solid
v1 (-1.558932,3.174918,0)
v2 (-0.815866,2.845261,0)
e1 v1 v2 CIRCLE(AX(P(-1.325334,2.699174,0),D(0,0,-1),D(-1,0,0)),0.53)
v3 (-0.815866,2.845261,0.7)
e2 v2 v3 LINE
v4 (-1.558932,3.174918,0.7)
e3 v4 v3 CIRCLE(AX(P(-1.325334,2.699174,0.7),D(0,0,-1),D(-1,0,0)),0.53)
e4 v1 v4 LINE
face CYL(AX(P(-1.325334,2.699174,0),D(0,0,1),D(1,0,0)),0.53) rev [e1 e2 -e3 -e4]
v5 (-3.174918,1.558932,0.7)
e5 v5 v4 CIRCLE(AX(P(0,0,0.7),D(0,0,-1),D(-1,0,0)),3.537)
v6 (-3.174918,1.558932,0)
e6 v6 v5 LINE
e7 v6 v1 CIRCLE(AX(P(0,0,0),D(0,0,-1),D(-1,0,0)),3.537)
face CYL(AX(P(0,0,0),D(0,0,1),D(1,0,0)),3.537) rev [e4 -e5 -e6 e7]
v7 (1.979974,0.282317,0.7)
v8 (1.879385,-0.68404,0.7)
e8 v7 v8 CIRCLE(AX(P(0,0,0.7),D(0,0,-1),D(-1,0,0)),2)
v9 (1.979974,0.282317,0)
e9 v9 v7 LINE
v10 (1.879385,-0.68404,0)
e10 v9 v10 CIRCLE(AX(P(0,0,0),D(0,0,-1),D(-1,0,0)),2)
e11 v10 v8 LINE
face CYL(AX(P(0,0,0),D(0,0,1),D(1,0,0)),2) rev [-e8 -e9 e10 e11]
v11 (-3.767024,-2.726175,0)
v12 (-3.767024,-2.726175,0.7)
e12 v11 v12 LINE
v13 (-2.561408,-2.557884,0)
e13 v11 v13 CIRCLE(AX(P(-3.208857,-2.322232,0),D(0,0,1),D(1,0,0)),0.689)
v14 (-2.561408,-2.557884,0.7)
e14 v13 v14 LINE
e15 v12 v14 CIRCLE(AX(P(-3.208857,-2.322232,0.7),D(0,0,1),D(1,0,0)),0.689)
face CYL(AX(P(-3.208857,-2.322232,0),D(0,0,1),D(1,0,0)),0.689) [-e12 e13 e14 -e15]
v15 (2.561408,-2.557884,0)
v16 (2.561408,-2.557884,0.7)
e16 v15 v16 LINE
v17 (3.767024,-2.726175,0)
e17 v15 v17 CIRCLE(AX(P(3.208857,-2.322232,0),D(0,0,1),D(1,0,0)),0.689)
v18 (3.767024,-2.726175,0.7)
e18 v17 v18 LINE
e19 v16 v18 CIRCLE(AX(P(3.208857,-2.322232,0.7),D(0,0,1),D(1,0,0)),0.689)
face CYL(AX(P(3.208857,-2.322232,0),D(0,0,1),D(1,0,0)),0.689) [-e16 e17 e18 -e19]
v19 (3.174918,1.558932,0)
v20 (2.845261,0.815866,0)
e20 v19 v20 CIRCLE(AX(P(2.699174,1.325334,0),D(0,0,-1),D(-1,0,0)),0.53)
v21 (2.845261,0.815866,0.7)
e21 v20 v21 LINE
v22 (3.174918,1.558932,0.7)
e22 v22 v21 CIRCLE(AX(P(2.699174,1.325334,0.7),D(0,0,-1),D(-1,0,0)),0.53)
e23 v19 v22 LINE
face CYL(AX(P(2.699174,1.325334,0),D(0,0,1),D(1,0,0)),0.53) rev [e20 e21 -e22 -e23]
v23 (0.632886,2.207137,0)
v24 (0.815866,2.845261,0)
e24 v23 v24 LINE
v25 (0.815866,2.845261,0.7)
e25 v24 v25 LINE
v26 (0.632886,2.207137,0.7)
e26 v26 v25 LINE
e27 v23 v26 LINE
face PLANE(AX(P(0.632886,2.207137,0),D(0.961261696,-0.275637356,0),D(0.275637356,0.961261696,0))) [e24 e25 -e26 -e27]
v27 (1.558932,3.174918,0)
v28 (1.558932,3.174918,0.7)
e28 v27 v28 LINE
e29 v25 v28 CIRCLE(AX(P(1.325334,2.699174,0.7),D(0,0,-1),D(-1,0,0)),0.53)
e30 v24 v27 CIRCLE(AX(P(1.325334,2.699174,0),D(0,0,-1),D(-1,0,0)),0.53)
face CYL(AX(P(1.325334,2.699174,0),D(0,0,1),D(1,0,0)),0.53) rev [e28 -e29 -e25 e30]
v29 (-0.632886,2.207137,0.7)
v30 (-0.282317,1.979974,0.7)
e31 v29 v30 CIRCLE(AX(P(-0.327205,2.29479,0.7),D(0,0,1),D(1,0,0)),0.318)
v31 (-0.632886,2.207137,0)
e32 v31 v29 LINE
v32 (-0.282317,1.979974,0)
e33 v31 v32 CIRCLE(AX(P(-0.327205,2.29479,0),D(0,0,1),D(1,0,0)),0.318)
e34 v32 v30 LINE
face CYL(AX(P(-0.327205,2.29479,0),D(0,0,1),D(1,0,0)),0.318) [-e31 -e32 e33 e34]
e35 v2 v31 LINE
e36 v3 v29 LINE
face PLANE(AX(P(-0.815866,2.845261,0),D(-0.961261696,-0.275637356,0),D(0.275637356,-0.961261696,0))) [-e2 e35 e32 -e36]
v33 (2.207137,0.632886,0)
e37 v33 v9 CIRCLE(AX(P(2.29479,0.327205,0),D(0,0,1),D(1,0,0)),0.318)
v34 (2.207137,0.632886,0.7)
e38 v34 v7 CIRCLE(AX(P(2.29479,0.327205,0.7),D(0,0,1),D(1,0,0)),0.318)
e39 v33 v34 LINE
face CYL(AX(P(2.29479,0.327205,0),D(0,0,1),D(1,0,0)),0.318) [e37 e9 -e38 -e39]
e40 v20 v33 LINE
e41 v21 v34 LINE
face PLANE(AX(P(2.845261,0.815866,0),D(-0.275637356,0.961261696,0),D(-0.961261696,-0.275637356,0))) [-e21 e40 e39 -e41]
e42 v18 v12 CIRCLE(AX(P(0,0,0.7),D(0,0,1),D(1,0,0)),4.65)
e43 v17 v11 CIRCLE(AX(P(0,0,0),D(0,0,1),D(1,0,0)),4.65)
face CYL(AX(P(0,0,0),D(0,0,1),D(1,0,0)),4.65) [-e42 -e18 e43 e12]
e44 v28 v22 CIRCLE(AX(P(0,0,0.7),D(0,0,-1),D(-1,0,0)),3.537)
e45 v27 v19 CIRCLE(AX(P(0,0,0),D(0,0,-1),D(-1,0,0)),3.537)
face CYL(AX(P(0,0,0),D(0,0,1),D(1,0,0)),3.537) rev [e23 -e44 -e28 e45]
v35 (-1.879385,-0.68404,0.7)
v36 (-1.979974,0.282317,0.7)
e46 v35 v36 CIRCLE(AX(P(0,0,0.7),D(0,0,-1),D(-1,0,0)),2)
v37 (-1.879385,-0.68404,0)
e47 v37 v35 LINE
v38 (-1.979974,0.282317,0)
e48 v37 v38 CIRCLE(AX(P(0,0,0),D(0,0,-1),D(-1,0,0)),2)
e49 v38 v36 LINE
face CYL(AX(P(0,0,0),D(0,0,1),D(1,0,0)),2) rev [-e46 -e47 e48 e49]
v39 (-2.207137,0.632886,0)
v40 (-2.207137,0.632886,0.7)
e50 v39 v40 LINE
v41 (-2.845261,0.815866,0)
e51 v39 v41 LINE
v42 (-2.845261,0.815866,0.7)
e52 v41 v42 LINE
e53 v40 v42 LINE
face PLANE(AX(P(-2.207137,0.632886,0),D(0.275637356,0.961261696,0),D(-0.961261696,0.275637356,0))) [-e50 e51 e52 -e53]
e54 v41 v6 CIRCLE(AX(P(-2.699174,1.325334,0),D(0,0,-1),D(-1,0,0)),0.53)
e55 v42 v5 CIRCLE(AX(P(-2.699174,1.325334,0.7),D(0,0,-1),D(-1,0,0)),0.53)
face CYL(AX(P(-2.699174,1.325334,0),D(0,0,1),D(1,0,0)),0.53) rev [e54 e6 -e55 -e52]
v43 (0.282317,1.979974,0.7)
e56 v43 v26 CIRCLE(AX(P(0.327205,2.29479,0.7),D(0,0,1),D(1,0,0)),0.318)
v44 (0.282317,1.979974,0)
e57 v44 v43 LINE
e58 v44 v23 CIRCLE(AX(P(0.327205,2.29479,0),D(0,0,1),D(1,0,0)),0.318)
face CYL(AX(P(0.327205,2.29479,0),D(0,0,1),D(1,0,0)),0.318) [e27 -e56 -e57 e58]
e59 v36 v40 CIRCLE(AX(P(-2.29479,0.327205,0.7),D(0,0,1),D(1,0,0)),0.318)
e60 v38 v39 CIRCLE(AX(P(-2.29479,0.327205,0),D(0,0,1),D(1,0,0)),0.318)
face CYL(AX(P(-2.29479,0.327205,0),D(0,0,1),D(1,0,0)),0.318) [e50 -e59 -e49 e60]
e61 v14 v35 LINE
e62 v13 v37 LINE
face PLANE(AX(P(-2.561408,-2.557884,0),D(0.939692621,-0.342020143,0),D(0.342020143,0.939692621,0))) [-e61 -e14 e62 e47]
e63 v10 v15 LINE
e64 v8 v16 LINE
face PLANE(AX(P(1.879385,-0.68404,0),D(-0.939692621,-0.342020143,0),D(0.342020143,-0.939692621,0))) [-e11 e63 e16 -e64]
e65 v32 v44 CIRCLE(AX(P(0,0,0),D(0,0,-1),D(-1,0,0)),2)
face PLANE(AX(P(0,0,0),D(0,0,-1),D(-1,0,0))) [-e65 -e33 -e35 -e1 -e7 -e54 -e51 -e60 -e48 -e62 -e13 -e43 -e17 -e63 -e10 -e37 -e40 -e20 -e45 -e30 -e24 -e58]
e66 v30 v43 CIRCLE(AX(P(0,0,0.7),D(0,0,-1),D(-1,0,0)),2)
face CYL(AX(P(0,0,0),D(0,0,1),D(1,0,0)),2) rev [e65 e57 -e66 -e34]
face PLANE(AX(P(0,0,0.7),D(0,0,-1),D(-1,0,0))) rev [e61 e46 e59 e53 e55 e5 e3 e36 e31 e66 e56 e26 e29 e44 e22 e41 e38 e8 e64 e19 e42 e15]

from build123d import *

# Parameters (mm, degrees)
BOSS_EXTRU_1_DEPTH = 0.7


with BuildPart() as part:
    # Esquisse1 → Boss.-Extru.1 (new body)
    with BuildSketch(Plane.XY.offset(0.7)):
        with BuildLine():
            Line((0.632886418, 2.207137237), (0.815865574, 2.845261388))
            ThreePointArc((0.815865574, 2.845261388), (1.110405111, 3.18363768), (1.558931601, 3.174917521))
            ThreePointArc((1.558931601, 3.174917521), (2.501036685, 2.501036685), (3.174917521, 1.558931601))
            ThreePointArc((3.174917521, 1.558931601), (3.18363768, 1.110405111), (2.845261388, 0.815865574))
            Line((2.845261388, 0.815865574), (2.207137237, 0.632886418))
            ThreePointArc((2.207137237, 0.632886418), (2.027919172, 0.500132947), (1.979974043, 0.282316824))
            ThreePointArc((1.979974043, 0.282316824), (1.989252382, -0.2070627), (1.879385242, -0.684040287))
            Line((1.879385242, -0.684040287), (2.561408424, -2.557883579))
            ThreePointArc((2.561408424, -2.557883579), (3.113603209, -3.004615598), (3.76702433, -2.726174553))
            ThreePointArc((3.76702433, -2.726174553), (0, 4.65), (-3.76702433, -2.726174553))
            ThreePointArc((-3.76702433, -2.726174553), (-3.113603209, -3.004615598), (-2.561408424, -2.557883579))
            Line((-2.561408424, -2.557883579), (-1.879385242, -0.684040287))
            ThreePointArc((-1.879385242, -0.684040287), (-1.989252382, -0.2070627), (-1.979974043, 0.282316824))
            ThreePointArc((-1.979974043, 0.282316824), (-2.027919172, 0.500132947), (-2.207137237, 0.632886418))
            Line((-2.207137237, 0.632886418), (-2.845261388, 0.815865574))
            ThreePointArc((-2.845261388, 0.815865574), (-3.18363768, 1.110405111), (-3.174917521, 1.558931601))
            ThreePointArc((-3.174917521, 1.558931601), (-2.501036685, 2.501036685), (-1.558931601, 3.174917521))
            ThreePointArc((-1.558931601, 3.174917521), (-1.110405111, 3.18363768), (-0.815865574, 2.845261388))
            Line((-0.815865574, 2.845261388), (-0.632886418, 2.207137237))
            ThreePointArc((-0.632886418, 2.207137237), (-0.500132947, 2.027919172), (-0.282316824, 1.979974043))
            ThreePointArc((-0.282316824, 1.979974043), (0, 2), (0.282316824, 1.979974043))
            ThreePointArc((0.282316824, 1.979974043), (0.500132947, 2.027919172), (0.632886418, 2.207137237))
        make_face()
    extrude(amount=-BOSS_EXTRU_1_DEPTH)


solid = part.part
